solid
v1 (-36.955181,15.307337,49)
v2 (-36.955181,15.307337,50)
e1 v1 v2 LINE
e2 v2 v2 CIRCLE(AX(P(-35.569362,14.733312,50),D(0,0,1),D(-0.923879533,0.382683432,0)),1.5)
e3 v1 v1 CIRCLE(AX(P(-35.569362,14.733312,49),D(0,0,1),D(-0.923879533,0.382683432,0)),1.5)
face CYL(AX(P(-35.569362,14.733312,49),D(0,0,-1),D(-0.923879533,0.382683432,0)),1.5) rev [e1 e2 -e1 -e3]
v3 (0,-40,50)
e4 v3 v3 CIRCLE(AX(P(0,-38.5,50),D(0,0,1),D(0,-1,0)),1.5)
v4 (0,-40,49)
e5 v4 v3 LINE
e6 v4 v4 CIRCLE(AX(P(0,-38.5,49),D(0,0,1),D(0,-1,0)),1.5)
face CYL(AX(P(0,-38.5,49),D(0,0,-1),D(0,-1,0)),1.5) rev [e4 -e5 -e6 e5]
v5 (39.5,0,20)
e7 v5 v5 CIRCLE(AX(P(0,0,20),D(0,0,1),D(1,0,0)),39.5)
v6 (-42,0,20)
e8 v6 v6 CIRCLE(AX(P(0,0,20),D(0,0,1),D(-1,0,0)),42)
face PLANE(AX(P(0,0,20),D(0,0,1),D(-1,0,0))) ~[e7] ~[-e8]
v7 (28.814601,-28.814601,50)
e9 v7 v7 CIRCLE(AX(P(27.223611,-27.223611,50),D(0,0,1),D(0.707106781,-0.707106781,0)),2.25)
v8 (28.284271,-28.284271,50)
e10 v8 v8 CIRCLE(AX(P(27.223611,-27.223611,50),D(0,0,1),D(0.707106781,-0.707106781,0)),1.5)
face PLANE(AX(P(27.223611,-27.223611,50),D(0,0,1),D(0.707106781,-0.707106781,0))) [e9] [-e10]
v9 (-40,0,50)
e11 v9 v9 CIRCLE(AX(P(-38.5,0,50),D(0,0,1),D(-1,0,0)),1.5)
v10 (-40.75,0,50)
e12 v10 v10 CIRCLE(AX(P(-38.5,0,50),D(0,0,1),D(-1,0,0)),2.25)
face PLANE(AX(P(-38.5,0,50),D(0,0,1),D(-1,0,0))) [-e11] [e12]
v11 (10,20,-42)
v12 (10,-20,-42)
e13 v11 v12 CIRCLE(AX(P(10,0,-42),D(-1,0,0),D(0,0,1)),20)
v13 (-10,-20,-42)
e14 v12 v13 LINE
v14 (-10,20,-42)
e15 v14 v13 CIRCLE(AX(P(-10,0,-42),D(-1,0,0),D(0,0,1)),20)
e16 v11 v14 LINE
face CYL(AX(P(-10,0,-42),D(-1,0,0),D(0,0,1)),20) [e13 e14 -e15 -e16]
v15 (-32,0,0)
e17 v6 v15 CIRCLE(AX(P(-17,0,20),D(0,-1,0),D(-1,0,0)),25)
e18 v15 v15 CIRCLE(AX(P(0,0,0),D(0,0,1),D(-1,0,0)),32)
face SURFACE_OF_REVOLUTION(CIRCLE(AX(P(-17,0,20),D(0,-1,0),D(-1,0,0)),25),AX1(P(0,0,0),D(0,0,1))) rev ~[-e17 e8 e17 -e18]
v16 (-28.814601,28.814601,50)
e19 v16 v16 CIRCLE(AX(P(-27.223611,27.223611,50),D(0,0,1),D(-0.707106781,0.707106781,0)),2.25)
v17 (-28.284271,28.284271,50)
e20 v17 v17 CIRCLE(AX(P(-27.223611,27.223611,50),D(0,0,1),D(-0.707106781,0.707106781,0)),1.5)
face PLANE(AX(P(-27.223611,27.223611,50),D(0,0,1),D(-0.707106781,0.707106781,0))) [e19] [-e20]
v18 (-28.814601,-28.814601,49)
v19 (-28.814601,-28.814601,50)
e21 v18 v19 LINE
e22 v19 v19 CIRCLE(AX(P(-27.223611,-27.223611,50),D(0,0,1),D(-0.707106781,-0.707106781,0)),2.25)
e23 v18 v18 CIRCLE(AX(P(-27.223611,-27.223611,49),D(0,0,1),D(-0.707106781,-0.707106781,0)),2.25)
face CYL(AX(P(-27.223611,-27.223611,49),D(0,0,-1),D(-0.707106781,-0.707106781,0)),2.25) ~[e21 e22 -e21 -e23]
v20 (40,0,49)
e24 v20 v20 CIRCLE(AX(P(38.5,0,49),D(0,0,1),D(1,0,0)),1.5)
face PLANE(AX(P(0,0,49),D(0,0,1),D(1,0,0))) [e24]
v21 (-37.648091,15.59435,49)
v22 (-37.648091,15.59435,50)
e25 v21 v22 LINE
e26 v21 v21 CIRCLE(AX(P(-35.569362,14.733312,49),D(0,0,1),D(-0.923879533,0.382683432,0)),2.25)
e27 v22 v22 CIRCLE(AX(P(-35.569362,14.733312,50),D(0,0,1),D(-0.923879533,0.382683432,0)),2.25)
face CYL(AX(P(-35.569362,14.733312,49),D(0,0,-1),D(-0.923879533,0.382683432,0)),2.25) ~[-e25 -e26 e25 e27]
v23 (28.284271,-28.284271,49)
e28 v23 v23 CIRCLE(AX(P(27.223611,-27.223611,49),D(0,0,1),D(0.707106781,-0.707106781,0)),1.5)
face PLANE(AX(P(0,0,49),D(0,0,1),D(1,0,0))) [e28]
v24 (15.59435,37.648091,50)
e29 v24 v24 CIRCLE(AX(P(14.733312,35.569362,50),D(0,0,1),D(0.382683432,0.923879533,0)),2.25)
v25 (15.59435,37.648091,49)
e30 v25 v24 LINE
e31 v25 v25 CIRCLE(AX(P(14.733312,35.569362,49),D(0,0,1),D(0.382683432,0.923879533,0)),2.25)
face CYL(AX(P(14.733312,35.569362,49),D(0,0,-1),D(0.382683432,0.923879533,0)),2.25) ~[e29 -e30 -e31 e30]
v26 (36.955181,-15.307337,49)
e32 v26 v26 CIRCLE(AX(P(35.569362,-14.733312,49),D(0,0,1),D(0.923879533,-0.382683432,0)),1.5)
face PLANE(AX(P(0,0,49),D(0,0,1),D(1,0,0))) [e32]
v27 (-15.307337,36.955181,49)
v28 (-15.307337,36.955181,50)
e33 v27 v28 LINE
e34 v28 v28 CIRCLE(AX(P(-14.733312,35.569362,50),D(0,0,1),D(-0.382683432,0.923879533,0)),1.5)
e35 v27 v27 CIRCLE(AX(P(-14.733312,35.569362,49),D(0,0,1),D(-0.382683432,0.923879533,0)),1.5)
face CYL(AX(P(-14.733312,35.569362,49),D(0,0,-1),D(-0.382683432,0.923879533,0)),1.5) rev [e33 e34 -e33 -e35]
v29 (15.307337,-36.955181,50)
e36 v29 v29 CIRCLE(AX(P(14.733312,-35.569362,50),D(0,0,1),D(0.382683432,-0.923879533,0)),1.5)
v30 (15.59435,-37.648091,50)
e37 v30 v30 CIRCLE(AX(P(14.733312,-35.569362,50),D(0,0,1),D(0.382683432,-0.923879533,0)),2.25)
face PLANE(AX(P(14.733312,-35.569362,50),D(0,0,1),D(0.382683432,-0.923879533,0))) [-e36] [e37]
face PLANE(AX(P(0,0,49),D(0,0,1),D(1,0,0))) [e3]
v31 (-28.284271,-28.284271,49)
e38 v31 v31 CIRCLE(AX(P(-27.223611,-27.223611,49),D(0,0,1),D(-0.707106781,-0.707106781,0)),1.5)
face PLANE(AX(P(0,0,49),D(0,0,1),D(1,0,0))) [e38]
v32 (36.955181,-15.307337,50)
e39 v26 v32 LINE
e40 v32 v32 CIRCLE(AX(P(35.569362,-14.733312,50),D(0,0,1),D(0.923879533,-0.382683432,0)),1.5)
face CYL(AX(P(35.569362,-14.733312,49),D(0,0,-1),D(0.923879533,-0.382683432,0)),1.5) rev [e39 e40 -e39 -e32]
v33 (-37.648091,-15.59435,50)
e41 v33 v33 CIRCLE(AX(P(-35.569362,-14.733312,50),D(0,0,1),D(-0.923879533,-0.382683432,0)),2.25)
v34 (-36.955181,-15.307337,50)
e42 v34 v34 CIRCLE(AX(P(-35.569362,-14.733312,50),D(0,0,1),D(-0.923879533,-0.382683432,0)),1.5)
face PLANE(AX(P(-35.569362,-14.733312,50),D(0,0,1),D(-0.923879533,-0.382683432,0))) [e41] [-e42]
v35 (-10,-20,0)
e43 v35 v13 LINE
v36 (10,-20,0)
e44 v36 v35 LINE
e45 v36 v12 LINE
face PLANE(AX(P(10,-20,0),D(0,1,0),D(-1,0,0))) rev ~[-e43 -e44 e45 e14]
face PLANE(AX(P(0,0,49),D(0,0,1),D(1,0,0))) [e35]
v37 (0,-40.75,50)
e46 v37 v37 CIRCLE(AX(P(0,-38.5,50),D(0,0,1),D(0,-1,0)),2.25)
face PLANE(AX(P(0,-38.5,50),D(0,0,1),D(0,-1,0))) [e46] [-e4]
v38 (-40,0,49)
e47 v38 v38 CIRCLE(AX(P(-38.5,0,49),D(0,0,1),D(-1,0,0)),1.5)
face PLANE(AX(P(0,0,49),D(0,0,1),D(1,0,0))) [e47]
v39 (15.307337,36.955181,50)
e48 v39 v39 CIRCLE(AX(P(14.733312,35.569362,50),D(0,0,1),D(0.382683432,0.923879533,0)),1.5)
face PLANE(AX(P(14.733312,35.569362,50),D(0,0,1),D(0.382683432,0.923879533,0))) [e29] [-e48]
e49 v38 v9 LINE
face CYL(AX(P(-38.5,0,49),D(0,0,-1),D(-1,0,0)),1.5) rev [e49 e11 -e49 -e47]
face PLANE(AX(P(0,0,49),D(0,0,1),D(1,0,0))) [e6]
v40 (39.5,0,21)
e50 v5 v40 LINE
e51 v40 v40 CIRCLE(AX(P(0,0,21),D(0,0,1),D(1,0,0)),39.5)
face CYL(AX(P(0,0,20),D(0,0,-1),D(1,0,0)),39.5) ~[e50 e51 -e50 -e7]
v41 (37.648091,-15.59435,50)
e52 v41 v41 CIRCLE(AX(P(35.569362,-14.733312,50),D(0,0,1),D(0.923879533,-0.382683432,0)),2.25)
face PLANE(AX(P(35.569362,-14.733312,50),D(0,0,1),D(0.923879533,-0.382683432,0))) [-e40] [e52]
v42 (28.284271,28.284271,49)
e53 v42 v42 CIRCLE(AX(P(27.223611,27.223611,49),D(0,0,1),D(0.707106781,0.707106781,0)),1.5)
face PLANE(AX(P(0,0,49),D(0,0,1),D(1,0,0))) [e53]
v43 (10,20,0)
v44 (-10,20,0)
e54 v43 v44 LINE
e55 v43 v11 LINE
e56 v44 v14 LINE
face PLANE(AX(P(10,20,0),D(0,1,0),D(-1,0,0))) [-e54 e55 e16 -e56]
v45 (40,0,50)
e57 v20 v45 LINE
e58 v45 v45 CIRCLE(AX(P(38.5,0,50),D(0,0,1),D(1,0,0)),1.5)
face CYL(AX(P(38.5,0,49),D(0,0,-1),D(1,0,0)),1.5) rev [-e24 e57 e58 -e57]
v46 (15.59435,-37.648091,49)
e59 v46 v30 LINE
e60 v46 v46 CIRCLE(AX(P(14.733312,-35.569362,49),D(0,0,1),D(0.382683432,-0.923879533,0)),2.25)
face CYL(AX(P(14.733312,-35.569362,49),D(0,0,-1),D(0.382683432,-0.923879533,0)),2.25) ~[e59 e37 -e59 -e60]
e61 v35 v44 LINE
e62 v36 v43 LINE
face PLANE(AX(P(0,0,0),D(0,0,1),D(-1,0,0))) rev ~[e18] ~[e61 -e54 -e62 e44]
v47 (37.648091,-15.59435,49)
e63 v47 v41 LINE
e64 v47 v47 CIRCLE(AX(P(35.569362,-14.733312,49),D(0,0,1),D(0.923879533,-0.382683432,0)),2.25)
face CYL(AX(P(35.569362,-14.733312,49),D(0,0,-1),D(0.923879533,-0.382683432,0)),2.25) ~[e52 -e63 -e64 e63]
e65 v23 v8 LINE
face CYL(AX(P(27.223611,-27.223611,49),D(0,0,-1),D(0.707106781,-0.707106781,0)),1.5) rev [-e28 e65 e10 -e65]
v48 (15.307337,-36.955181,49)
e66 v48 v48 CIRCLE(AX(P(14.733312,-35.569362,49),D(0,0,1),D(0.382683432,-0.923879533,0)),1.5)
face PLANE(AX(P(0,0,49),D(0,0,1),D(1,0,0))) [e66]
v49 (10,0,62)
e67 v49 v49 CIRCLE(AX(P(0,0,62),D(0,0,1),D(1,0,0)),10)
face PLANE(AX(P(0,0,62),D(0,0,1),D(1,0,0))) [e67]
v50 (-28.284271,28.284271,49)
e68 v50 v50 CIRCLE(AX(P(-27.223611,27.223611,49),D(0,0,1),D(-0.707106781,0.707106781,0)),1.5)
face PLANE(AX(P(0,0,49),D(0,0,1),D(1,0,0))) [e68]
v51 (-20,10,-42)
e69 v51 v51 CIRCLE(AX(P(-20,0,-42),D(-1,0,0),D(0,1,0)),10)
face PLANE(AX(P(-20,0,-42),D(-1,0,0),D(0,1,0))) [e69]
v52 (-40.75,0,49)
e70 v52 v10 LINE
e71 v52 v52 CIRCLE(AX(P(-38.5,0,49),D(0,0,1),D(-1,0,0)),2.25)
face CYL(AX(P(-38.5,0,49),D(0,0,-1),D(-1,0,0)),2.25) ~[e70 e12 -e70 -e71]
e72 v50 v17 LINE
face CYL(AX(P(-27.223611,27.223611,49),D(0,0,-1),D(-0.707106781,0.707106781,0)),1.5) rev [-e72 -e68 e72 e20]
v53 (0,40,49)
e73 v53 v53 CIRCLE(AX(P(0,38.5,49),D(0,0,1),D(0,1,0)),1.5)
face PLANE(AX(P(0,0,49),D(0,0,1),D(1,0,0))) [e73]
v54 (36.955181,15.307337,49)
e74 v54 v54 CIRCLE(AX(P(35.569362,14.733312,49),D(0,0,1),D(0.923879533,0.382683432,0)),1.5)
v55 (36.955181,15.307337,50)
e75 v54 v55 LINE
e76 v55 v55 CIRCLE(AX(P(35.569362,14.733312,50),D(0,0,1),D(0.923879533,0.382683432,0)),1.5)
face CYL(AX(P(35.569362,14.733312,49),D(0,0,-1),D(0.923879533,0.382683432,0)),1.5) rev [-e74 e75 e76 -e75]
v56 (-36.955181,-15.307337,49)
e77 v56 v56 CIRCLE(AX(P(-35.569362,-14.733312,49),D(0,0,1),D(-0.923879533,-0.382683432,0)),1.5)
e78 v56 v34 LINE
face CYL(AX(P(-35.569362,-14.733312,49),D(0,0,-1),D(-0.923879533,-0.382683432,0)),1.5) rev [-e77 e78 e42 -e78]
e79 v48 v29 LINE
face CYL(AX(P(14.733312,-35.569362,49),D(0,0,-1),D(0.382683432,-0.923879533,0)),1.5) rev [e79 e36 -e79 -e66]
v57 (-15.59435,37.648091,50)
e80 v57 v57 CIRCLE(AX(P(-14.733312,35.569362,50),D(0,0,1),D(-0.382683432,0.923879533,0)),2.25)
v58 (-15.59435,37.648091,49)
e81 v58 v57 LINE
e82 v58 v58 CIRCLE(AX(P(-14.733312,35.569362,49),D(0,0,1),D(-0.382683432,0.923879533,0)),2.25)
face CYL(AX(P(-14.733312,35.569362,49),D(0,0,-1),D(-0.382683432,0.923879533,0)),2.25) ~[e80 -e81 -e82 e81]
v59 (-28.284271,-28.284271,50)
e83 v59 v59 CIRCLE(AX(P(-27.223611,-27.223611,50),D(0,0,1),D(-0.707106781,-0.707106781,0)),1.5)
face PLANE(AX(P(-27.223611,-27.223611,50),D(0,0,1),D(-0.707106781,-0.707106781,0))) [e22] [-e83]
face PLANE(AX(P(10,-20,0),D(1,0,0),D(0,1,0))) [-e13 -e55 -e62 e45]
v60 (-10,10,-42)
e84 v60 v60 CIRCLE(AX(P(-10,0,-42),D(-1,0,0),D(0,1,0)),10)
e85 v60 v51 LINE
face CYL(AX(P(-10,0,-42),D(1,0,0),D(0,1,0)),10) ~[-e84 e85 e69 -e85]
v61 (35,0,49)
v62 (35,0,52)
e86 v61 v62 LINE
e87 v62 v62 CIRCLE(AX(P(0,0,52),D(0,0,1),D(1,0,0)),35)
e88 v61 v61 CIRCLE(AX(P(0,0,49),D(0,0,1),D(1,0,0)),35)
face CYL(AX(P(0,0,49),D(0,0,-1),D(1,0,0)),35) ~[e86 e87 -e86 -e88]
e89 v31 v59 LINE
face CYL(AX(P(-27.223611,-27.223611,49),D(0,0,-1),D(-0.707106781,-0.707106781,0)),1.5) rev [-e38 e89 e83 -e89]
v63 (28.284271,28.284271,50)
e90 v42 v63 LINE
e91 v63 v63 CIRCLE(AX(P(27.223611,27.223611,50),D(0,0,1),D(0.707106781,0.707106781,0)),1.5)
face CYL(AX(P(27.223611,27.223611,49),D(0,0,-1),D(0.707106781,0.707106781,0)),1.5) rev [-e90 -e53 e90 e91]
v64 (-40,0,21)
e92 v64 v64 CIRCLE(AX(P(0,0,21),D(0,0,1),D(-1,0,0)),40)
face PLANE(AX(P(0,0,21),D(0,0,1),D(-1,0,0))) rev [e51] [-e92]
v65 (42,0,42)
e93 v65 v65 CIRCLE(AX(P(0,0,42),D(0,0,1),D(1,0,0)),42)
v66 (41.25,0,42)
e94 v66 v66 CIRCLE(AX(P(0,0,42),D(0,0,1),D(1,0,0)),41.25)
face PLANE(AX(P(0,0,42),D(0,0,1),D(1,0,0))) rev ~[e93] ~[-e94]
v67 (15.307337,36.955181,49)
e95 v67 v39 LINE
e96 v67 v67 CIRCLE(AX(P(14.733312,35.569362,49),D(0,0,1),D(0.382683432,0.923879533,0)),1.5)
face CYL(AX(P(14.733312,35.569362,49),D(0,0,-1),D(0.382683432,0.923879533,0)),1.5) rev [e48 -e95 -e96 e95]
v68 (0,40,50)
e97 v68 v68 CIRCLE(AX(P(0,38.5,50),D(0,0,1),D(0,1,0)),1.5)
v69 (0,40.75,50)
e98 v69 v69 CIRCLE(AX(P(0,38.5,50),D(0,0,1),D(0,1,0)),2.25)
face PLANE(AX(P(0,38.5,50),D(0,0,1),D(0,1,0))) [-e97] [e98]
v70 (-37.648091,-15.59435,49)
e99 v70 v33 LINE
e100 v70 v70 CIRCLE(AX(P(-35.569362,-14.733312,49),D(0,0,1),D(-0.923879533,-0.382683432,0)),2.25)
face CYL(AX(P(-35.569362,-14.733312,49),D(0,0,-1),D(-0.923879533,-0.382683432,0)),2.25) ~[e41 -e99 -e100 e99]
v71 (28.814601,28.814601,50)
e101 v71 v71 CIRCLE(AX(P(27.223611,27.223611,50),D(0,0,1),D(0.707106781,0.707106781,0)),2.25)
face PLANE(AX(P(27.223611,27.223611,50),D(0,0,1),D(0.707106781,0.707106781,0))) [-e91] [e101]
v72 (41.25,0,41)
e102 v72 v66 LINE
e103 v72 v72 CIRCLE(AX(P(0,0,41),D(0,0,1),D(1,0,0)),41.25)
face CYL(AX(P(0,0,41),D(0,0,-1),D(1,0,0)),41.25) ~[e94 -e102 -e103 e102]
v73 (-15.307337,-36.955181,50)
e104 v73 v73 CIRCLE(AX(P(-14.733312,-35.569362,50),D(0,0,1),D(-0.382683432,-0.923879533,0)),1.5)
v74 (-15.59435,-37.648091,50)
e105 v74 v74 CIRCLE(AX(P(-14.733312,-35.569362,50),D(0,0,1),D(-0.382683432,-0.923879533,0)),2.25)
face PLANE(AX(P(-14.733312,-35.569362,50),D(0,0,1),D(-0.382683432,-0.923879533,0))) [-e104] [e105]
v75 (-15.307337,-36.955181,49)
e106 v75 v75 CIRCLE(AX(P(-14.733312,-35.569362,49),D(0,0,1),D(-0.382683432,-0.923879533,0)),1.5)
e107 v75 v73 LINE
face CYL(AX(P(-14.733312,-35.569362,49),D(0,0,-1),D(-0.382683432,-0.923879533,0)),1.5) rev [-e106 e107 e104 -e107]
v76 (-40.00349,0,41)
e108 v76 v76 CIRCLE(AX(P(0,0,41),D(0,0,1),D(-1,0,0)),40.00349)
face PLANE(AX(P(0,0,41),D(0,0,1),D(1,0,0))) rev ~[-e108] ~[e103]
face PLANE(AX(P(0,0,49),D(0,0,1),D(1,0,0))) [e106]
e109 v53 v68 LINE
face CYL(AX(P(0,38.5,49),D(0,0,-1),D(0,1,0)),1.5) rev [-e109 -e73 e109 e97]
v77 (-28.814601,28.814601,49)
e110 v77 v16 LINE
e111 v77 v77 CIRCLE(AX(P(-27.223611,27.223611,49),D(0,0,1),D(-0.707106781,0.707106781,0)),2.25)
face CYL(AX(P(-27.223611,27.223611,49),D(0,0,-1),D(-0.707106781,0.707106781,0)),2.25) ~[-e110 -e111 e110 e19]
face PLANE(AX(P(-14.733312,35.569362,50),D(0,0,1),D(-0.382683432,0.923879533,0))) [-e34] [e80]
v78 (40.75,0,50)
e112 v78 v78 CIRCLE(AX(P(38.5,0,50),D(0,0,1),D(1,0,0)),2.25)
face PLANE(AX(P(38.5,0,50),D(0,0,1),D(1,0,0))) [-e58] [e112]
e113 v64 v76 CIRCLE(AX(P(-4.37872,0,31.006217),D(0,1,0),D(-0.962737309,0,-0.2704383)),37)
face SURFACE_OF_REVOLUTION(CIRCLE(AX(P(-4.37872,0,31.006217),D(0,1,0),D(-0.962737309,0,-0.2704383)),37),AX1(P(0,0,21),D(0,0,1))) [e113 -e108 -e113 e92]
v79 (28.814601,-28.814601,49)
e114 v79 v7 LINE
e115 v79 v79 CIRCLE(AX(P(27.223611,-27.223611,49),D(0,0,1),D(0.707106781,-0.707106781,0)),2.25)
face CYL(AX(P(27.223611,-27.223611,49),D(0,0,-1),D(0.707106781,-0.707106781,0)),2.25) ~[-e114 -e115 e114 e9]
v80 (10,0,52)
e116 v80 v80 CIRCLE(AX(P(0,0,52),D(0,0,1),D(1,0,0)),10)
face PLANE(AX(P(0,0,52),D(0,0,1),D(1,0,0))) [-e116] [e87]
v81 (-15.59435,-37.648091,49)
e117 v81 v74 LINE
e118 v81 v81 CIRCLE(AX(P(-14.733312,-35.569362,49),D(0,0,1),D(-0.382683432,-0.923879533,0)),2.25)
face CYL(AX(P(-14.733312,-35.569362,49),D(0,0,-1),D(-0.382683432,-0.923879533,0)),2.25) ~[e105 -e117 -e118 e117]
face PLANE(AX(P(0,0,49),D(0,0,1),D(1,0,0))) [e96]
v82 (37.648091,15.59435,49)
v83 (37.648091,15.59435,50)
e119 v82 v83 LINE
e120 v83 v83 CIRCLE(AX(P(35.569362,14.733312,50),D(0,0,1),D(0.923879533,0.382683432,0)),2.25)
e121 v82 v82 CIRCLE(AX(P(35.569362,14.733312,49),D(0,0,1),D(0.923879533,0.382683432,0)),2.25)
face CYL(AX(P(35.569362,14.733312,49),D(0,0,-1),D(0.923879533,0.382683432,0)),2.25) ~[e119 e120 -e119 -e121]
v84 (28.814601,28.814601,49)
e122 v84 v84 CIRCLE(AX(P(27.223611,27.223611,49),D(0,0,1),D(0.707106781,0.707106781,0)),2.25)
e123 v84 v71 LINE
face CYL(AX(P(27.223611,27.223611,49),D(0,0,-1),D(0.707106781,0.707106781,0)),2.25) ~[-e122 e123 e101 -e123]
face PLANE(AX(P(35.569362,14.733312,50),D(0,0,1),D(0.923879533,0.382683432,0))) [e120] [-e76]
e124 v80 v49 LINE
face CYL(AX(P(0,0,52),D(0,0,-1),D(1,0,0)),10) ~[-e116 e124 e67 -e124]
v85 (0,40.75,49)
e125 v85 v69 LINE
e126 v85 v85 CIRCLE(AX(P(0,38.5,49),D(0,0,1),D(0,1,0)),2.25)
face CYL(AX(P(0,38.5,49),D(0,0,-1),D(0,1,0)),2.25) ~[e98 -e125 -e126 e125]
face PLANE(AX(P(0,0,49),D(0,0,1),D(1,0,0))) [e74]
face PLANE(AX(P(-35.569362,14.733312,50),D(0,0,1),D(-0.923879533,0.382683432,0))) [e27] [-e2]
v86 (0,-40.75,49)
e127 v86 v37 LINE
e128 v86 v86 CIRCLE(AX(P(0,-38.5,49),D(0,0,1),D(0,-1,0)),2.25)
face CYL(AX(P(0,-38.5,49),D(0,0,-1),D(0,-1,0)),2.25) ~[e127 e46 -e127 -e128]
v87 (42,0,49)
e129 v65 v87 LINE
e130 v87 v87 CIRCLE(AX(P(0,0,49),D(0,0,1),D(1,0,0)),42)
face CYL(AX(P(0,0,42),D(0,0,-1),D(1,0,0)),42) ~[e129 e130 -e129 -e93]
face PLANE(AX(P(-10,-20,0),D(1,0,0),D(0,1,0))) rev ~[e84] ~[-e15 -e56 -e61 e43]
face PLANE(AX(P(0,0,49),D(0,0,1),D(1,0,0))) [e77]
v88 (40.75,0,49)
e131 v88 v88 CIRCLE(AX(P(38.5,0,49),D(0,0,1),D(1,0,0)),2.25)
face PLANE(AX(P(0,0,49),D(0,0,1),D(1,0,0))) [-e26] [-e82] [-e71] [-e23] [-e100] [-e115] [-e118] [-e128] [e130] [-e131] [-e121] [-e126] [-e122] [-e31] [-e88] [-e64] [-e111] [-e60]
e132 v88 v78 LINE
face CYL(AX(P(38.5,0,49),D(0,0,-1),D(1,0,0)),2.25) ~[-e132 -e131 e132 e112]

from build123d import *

# Parameters (mm, degrees)
SKETCH2_R           = 39.5
BOSS_EXTRUDE1_DEPTH = 1
SKETCH4_R           = 41.25
BOSS_EXTRUDE2_DEPTH = 1
SKETCH5_R           = 42
BOSS_EXTRUDE3_DEPTH = 7
SKETCH6_R           = 35
BOSS_EXTRUDE4_DEPTH = 3
SKETCH7_R           = 2.25
SKETCH7_R_2         = 1.5
BOSS_EXTRUDE5_DEPTH = 1
CIRPATTERN1_COUNT   = 16
SKETCH8_W           = 20
SKETCH8_H           = 40
BOSS_EXTRUDE6_DEPTH = 42
SKETCH10_R          = 20
BOSS_EXTRUDE7_DEPTH = 20
SKETCH11_R          = 10
BOSS_EXTRUDE8_DEPTH = 10
SKETCH12_R          = 10
BOSS_EXTRUDE9_DEPTH = 10


with BuildPart() as part:
    # Sketch1 → Revolve1 (revolve)
    with BuildSketch(Plane(origin=(0, 0, 0), x_dir=(1, 0, 0), z_dir=(0, 1, 0))):
        with BuildLine():
            Line((0, 0), (0, -20))
            Line((0, -20), (-42, -20))
            ThreePointArc((-42, -20), (-39.360679775, -8.819660113), (-32, 0))
            Line((-32, 0), (0, 0))
        make_face()
    revolve(axis=Axis((0, 0, 0), (0, 0, 1)))

    # Sketch2 → Boss-Extrude1 (add)
    with BuildSketch(Plane.XY.offset(20)):
        Circle(SKETCH2_R)
    extrude(amount=BOSS_EXTRUDE1_DEPTH)

    # Sketch3 → Revolve2 (revolve)
    with BuildSketch(Plane(origin=(0, 0, 0), x_dir=(1, 0, 0), z_dir=(0, 1, 0))):
        with BuildLine():
            Line((0, -21), (-40, -21))
            ThreePointArc((-40, -21), (-41.378719009, -30.999759684), (-40.003490497, -41))
            Line((-40.003490497, -41), (0, -41))
            Line((0, -41), (0, -21))
        make_face()
    revolve(axis=Axis((0, 0, 21), (0, 0, 1)))

    # Sketch4 → Boss-Extrude2 (add)
    with BuildSketch(Plane.XY.offset(41)):
        Circle(SKETCH4_R)
    extrude(amount=BOSS_EXTRUDE2_DEPTH)

    # Sketch5 → Boss-Extrude3 (add)
    with BuildSketch(Plane.XY.offset(42)):
        Circle(SKETCH5_R)
    extrude(amount=BOSS_EXTRUDE3_DEPTH)

    # Sketch6 → Boss-Extrude4 (add)
    with BuildSketch(Plane.XY.offset(49)):
        Circle(SKETCH6_R)
    extrude(amount=BOSS_EXTRUDE4_DEPTH)

    # Sketch7 → Boss-Extrude5 (add)
    with BuildSketch(Plane.XY.offset(49)):
        with Locations((38.5, 0)):
            Circle(SKETCH7_R)
        with Locations((38.5, 0)):
            Circle(SKETCH7_R_2, mode=Mode.SUBTRACT)
    boss_extrude5 = extrude(amount=BOSS_EXTRUDE5_DEPTH)

    # CirPattern1: Boss-Extrude5 ×16 about axis
    cirpattern1_axis = Axis((0, 0, 0), (0, 0, 1))
    for i in range(1, CIRPATTERN1_COUNT):
        add(boss_extrude5.rotate(cirpattern1_axis, i * 360 / CIRPATTERN1_COUNT))

    # Sketch8 → Boss-Extrude6 (add)
    with BuildSketch(Plane(origin=(0, 0, 0), x_dir=(-1, 0, 0), z_dir=(0, 0, -1))):
        Rectangle(SKETCH8_W, SKETCH8_H)
    extrude(amount=BOSS_EXTRUDE6_DEPTH)

    # Sketch10 → Boss-Extrude7 (add)
    with BuildSketch(Plane.ZY.offset(10)):
        with Locations((-42, 0)):
            Circle(SKETCH10_R)
    extrude(amount=-BOSS_EXTRUDE7_DEPTH)

    # Sketch11 → Boss-Extrude8 (add)
    with BuildSketch(Plane.ZY.offset(10)):
        with Locations(Location((-42, 0, 0), (0, 0, 90))):
            Circle(SKETCH11_R)
    extrude(amount=BOSS_EXTRUDE8_DEPTH)

    # Sketch12 → Boss-Extrude9 (add)
    with BuildSketch(Plane.XY.offset(52)):
        Circle(SKETCH12_R)
    extrude(amount=BOSS_EXTRUDE9_DEPTH)


solid = part.part
